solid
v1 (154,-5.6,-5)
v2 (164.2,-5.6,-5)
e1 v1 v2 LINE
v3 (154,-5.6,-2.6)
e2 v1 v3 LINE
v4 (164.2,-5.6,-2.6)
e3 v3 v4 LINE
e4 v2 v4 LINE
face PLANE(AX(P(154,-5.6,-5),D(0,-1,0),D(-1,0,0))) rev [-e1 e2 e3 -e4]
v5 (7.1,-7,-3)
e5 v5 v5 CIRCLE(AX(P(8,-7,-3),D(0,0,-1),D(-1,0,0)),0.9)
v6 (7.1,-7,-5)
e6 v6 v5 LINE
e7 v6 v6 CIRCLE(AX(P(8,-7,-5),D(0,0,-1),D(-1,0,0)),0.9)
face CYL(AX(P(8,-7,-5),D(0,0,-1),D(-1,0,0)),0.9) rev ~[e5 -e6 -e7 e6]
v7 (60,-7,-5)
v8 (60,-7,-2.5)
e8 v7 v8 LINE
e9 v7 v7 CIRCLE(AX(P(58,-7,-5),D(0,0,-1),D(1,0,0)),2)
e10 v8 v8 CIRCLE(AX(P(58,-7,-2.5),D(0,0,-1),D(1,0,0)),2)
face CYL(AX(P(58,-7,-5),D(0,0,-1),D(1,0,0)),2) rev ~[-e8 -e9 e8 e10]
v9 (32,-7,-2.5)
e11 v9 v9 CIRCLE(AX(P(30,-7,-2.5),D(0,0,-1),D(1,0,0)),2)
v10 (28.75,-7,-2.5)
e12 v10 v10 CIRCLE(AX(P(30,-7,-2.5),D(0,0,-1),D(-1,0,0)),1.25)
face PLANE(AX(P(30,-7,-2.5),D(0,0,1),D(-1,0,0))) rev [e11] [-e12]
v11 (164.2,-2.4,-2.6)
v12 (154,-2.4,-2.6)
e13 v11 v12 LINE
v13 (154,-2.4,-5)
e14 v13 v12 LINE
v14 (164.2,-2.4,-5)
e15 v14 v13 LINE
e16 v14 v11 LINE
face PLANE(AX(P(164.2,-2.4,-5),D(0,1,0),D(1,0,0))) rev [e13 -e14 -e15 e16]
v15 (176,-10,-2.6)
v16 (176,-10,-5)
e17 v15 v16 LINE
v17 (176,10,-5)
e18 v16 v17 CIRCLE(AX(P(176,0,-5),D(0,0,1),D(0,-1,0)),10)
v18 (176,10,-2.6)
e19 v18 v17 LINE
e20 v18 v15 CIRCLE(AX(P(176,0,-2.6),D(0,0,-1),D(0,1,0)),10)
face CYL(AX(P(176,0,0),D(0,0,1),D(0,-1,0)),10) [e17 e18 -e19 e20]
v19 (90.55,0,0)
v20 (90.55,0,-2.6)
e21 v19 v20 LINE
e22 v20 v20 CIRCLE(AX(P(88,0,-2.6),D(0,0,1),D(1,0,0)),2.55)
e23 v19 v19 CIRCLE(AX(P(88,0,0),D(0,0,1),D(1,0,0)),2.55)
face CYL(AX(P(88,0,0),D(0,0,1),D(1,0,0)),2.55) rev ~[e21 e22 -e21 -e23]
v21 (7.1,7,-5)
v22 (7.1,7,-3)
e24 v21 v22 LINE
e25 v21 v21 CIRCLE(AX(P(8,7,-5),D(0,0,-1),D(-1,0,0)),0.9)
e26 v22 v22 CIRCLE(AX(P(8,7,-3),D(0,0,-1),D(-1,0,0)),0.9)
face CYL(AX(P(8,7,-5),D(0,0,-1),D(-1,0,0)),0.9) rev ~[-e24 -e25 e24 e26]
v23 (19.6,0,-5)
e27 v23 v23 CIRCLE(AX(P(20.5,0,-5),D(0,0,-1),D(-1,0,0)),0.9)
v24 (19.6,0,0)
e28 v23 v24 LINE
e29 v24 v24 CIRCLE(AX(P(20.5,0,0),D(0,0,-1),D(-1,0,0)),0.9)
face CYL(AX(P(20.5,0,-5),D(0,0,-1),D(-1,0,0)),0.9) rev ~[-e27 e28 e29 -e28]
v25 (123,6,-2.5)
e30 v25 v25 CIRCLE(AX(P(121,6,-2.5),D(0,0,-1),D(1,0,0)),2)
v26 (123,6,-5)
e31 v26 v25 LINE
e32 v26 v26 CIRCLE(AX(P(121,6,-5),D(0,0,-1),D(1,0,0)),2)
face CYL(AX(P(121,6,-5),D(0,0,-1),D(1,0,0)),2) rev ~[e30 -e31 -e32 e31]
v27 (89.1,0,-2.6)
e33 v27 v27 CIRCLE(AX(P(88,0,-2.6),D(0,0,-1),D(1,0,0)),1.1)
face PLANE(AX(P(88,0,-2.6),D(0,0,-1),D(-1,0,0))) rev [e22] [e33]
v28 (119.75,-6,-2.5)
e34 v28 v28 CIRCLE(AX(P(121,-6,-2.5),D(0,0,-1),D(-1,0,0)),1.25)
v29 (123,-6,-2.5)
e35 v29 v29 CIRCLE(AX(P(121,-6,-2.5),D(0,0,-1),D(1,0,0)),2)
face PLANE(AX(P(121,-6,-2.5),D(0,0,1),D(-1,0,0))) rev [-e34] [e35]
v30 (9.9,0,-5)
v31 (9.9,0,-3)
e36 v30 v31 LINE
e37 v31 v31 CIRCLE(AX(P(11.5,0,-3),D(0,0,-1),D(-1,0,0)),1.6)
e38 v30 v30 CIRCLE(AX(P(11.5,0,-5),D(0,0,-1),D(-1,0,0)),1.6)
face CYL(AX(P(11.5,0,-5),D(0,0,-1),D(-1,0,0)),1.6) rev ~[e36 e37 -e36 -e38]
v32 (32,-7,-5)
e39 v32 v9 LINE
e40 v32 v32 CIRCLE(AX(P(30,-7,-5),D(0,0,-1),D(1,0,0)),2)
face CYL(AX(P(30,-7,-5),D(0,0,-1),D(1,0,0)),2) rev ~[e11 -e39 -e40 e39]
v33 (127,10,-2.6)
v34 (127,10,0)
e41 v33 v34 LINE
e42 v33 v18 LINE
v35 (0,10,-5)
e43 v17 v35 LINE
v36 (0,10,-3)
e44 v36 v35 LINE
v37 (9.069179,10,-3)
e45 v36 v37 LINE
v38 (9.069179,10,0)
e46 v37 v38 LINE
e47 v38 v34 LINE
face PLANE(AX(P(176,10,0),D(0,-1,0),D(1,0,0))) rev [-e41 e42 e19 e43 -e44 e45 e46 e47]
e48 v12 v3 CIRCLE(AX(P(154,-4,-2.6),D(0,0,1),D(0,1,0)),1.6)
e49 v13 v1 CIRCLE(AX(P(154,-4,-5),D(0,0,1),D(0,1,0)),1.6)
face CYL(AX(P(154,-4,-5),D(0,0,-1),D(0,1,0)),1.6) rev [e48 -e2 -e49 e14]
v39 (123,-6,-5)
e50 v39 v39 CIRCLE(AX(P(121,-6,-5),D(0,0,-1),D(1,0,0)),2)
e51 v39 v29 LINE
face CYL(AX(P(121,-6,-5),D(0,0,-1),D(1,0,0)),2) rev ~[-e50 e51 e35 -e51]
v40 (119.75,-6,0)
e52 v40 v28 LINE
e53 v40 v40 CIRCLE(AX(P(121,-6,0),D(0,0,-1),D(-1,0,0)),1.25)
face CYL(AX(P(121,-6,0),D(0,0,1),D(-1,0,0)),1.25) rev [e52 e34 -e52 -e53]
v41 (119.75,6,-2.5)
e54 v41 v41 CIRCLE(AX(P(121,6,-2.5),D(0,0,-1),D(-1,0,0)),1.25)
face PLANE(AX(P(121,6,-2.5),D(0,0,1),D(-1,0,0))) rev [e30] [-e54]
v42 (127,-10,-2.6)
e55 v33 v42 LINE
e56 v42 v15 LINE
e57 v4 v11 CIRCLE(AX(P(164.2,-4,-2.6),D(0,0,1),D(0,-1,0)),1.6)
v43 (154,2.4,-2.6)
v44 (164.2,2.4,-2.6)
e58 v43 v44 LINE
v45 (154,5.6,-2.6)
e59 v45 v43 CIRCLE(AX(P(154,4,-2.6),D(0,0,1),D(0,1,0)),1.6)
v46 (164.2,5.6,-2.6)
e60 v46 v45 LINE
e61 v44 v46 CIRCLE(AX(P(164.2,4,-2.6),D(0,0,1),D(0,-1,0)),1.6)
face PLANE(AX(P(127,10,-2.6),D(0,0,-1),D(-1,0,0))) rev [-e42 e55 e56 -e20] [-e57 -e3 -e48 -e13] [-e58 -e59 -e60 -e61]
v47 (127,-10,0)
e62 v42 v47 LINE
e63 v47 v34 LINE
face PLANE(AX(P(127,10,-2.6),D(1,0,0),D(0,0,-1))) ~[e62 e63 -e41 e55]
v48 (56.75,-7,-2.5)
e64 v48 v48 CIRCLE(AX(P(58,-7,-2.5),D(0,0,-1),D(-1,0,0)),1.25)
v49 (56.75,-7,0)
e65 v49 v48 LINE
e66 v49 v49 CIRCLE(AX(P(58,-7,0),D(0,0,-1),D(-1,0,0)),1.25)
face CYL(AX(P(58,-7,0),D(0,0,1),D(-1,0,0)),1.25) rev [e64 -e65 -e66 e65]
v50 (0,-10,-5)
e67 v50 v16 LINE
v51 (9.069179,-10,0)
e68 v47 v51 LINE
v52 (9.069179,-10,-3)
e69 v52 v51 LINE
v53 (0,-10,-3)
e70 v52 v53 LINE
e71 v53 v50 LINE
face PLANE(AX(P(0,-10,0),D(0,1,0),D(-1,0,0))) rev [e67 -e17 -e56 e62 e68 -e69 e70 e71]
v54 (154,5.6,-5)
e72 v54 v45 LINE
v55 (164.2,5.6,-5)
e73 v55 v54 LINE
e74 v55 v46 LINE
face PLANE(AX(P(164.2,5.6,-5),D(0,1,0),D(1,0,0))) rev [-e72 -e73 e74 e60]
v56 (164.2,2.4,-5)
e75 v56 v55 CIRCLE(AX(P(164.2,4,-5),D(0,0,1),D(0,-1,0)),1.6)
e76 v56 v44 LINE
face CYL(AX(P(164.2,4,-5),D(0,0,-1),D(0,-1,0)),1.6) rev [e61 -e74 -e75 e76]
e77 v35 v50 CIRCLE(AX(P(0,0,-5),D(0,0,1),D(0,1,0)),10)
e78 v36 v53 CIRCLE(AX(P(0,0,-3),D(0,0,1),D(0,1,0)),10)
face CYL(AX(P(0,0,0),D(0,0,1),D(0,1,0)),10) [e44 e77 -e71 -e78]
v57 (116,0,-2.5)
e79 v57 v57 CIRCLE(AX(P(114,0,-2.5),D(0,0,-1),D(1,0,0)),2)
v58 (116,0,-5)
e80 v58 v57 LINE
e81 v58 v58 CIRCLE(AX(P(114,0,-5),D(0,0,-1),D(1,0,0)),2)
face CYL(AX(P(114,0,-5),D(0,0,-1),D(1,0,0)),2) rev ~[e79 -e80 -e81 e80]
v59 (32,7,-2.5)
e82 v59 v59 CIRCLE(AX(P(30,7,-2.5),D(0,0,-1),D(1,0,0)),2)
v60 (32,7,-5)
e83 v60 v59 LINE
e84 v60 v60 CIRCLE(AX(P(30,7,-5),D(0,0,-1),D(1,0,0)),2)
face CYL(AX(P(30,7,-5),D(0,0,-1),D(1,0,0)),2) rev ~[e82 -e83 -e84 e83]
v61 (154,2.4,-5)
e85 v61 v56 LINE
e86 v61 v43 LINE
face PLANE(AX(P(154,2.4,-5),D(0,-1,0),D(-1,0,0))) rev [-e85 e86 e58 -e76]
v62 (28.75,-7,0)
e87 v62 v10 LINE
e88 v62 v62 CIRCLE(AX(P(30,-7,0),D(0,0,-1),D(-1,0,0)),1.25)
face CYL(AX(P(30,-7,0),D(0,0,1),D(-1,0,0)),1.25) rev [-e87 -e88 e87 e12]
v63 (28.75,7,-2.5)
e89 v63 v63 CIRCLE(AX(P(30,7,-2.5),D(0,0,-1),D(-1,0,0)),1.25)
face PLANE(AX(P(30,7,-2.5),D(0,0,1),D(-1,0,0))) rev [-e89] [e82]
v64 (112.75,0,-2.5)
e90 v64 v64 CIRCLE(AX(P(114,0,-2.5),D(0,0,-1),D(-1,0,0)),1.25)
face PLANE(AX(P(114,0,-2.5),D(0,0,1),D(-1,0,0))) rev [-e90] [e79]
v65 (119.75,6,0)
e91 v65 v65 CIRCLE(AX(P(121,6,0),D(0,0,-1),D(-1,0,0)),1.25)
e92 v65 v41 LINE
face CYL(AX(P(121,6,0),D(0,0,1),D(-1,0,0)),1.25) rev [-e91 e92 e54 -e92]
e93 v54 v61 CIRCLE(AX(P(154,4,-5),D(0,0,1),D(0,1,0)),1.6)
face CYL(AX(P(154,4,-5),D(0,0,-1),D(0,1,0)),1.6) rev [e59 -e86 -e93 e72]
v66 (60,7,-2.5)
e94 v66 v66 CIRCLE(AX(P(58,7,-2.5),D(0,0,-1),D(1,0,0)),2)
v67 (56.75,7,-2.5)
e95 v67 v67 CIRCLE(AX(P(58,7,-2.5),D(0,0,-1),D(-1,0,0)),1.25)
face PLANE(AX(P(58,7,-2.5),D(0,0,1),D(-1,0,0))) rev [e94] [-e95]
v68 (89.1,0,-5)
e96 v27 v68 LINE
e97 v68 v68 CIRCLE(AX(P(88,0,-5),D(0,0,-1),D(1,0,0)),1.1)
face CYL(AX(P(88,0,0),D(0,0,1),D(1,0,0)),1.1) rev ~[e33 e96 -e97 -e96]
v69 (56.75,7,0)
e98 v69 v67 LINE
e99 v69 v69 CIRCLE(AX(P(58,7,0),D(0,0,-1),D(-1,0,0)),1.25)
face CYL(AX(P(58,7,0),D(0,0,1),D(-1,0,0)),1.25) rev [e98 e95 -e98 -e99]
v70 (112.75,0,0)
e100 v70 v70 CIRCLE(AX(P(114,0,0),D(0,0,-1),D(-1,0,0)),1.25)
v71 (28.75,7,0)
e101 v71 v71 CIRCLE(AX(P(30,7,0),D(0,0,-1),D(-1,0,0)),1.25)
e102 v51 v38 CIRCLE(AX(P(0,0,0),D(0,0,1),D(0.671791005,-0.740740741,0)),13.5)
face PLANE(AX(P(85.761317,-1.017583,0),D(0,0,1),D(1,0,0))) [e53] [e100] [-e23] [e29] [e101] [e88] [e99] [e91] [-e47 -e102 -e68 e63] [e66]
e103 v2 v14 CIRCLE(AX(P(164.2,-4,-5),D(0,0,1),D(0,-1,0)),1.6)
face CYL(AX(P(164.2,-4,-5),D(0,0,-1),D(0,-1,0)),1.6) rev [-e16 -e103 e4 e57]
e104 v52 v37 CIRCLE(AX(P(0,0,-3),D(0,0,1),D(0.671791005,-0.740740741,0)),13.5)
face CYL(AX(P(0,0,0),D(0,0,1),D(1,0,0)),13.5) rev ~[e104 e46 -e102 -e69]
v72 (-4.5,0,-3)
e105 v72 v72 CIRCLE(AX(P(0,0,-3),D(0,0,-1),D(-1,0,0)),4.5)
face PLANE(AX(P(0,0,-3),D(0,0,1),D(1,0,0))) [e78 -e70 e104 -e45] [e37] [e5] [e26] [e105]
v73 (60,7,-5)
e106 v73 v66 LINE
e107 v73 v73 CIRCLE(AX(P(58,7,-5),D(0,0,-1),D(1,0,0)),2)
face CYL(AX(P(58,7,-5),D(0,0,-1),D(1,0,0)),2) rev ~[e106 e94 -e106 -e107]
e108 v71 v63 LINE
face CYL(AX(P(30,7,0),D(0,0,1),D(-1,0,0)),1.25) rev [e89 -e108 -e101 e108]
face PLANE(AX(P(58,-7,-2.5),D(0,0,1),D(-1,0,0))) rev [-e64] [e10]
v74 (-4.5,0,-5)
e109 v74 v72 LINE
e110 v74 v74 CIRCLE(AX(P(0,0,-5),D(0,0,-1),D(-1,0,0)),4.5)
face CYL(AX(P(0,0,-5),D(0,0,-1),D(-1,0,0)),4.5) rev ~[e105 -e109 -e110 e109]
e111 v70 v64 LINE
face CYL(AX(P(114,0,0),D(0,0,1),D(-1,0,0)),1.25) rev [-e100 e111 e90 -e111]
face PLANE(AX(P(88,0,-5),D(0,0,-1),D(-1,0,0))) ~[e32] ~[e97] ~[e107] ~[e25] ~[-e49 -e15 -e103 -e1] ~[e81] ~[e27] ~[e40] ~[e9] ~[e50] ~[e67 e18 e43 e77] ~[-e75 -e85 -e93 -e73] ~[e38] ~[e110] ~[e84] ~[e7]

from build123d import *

# Parameters (mm, degrees)
EXTRUDE_1_DEPTH      = 5
SKETCH_1_3_R         = 1.1
CUT_EXTRUDE_2_DEPTH  = 187.33571853
SKETCH_1_4_R         = 2.55
CUT_EXTRUDE_3_DEPTH  = 2.6
SKETCH_2_R           = 1.25
CUT_EXTRUDE_4_DEPTH  = 187.33571853
CUT_EXTRUDE_START    = -5
SKETCH_2_3_R         = 2
CUT_EXTRUDE_5_DEPTH  = 2.5
SKETCH_3_W           = 59
SKETCH_3_H           = 2.6
CUT_EXTRUDE_6_DEPTH  = 188.138985783
CUT_EXTRUDE_7_DEPTH  = 187.33571853
SKETCH_5_W           = 210.843247287
SKETCH_5_H           = 25.236064347
CUT_EXTRUDE_8_DEPTH  = 187.33571853
SKETCH_6_R           = 13.5
CUT_EXTRUDE_9_DEPTH  = 3
SKETCH_7_R           = 4.5
CUT_EXTRUDE_10_DEPTH = 187.33571853
SKETCH_8_R           = 1.6
SKETCH_8_R_2         = 0.9
CUT_EXTRUDE_11_DEPTH = 187.33571853


with BuildPart() as part:
    # 草图1 → 凸台-拉伸1 (new body)
    with BuildSketch(Plane.XY):
        with BuildLine():
            Line((0, -10), (176, -10))
            ThreePointArc((176, -10), (186, 0), (176, 10))
            Line((176, 10), (0, 10))
            ThreePointArc((0, 10), (-10, 0), (0, -10))
        make_face()
    extrude(amount=EXTRUDE_1_DEPTH)

    # 草图1<3> → 切除-拉伸2 (cut, through all)
    with BuildSketch(Plane.XY):
        with Locations((88, 0)):
            Circle(SKETCH_1_3_R)
        Circle(SKETCH_1_3_R)
    extrude(amount=CUT_EXTRUDE_2_DEPTH, mode=Mode.SUBTRACT)

    # 草图1<4> → 切除-拉伸3 (cut)
    with BuildSketch(Plane.XY):
        with Locations((88, 0)):
            Circle(SKETCH_1_4_R)
        Circle(SKETCH_1_4_R)
    extrude(amount=CUT_EXTRUDE_3_DEPTH, mode=Mode.SUBTRACT)

    # 草图2 → 切除-拉伸4 (cut, through all)
    with BuildSketch(Plane(origin=(0, 0, 0), x_dir=(-1, 0, 0), z_dir=(0, 0, -1))):
        with Locations((-121, -6)):
            Circle(SKETCH_2_R)
        with Locations((-121, 6)):
            Circle(SKETCH_2_R)
        with Locations((-114, 0)):
            Circle(SKETCH_2_R)
        with Locations((-58, 7)):
            Circle(SKETCH_2_R)
        with Locations((-30, 7)):
            Circle(SKETCH_2_R)
        with Locations((-58, -7)):
            Circle(SKETCH_2_R)
        with Locations((-30, -7)):
            Circle(SKETCH_2_R)
    extrude(amount=-CUT_EXTRUDE_4_DEPTH, mode=Mode.SUBTRACT)

    # 草图2<3> → 切除-拉伸5 (cut)
    with BuildSketch(Plane(origin=(0, 0, 0), x_dir=(-1, 0, 0), z_dir=(0, 0, -1)).offset(CUT_EXTRUDE_START)):
        with Locations(Location((-121, -6, 0), (0, 0, 180))):
            Circle(SKETCH_2_3_R)
        with Locations(Location((-121, 6, 0), (0, 0, 180))):
            Circle(SKETCH_2_3_R)
        with Locations(Location((-114, 0, 0), (0, 0, 180))):
            Circle(SKETCH_2_3_R)
        with Locations(Location((-58, 7, 0), (0, 0, 180))):
            Circle(SKETCH_2_3_R)
        with Locations(Location((-30, 7, 0), (0, 0, 180))):
            Circle(SKETCH_2_3_R)
        with Locations(Location((-58, -7, 0), (0, 0, 180))):
            Circle(SKETCH_2_3_R)
        with Locations(Location((-30, -7, 0), (0, 0, 180))):
            Circle(SKETCH_2_3_R)
    extrude(amount=CUT_EXTRUDE_5_DEPTH, mode=Mode.SUBTRACT)

    # 草图3 → 切除-拉伸6 (cut, through all)
    with BuildSketch(Plane(origin=(0, 10, 0), x_dir=(1, 0, 0), z_dir=(0, 1, 0))):
        with Locations((156.5, -1.3)):
            Rectangle(SKETCH_3_W, SKETCH_3_H)
    extrude(amount=-CUT_EXTRUDE_6_DEPTH, mode=Mode.SUBTRACT)

    # 草图4 → 切除-拉伸7 (cut, through all)
    with BuildSketch(Plane.XY.offset(5)):
        with BuildLine():
            Line((164.2, -2.4), (154, -2.4))
            ThreePointArc((154, -2.4), (152.4, -4), (154, -5.6))
            Line((154, -5.6), (164.2, -5.6))
            ThreePointArc((164.2, -5.6), (165.8, -4), (164.2, -2.4))
        make_face()
        with BuildLine():
            ThreePointArc((154, 5.6), (152.4, 4), (154, 2.4))
            Line((154, 2.4), (164.2, 2.4))
            ThreePointArc((164.2, 2.4), (165.8, 4), (164.2, 5.6))
            Line((164.2, 5.6), (154, 5.6))
        make_face()
    extrude(amount=-CUT_EXTRUDE_7_DEPTH, mode=Mode.SUBTRACT)

    # 镜向1: part across plane


with BuildPart() as part_1:
    add(part.part)
    add(part.part.mirror(Plane.XY))

    # 草图5 → 切除-拉伸8 (cut, through all)
    with BuildSketch(Plane.XY):
        with Locations((85.761316873, -1.017583239)):
            Rectangle(SKETCH_5_W, SKETCH_5_H)
    extrude(amount=CUT_EXTRUDE_8_DEPTH, mode=Mode.SUBTRACT)

    # 草图6 → 切除-拉伸9 (cut)
    with BuildSketch(Plane.XY):
        Circle(SKETCH_6_R)
    extrude(amount=-CUT_EXTRUDE_9_DEPTH, mode=Mode.SUBTRACT)

    # 草图7 → 切除-拉伸10 (cut, through all)
    with BuildSketch(Plane(origin=(0, 0, -5), x_dir=(-1, 0, 0), z_dir=(0, 0, -1))):
        Circle(SKETCH_7_R)
    extrude(amount=-CUT_EXTRUDE_10_DEPTH, mode=Mode.SUBTRACT)

    # 草图8 → 切除-拉伸11 (cut, through all)
    with BuildSketch(Plane(origin=(0, 0, -5), x_dir=(-1, 0, 0), z_dir=(0, 0, -1))):
        with Locations((-11.5, 0)):
            Circle(SKETCH_8_R)
        with Locations((-8, 7)):
            Circle(SKETCH_8_R_2)
        with Locations((-8, -7)):
            Circle(SKETCH_8_R_2)
        with Locations((-20.5, 0)):
            Circle(SKETCH_8_R_2)
    extrude(amount=-CUT_EXTRUDE_11_DEPTH, mode=Mode.SUBTRACT)


solid = part_1.part
